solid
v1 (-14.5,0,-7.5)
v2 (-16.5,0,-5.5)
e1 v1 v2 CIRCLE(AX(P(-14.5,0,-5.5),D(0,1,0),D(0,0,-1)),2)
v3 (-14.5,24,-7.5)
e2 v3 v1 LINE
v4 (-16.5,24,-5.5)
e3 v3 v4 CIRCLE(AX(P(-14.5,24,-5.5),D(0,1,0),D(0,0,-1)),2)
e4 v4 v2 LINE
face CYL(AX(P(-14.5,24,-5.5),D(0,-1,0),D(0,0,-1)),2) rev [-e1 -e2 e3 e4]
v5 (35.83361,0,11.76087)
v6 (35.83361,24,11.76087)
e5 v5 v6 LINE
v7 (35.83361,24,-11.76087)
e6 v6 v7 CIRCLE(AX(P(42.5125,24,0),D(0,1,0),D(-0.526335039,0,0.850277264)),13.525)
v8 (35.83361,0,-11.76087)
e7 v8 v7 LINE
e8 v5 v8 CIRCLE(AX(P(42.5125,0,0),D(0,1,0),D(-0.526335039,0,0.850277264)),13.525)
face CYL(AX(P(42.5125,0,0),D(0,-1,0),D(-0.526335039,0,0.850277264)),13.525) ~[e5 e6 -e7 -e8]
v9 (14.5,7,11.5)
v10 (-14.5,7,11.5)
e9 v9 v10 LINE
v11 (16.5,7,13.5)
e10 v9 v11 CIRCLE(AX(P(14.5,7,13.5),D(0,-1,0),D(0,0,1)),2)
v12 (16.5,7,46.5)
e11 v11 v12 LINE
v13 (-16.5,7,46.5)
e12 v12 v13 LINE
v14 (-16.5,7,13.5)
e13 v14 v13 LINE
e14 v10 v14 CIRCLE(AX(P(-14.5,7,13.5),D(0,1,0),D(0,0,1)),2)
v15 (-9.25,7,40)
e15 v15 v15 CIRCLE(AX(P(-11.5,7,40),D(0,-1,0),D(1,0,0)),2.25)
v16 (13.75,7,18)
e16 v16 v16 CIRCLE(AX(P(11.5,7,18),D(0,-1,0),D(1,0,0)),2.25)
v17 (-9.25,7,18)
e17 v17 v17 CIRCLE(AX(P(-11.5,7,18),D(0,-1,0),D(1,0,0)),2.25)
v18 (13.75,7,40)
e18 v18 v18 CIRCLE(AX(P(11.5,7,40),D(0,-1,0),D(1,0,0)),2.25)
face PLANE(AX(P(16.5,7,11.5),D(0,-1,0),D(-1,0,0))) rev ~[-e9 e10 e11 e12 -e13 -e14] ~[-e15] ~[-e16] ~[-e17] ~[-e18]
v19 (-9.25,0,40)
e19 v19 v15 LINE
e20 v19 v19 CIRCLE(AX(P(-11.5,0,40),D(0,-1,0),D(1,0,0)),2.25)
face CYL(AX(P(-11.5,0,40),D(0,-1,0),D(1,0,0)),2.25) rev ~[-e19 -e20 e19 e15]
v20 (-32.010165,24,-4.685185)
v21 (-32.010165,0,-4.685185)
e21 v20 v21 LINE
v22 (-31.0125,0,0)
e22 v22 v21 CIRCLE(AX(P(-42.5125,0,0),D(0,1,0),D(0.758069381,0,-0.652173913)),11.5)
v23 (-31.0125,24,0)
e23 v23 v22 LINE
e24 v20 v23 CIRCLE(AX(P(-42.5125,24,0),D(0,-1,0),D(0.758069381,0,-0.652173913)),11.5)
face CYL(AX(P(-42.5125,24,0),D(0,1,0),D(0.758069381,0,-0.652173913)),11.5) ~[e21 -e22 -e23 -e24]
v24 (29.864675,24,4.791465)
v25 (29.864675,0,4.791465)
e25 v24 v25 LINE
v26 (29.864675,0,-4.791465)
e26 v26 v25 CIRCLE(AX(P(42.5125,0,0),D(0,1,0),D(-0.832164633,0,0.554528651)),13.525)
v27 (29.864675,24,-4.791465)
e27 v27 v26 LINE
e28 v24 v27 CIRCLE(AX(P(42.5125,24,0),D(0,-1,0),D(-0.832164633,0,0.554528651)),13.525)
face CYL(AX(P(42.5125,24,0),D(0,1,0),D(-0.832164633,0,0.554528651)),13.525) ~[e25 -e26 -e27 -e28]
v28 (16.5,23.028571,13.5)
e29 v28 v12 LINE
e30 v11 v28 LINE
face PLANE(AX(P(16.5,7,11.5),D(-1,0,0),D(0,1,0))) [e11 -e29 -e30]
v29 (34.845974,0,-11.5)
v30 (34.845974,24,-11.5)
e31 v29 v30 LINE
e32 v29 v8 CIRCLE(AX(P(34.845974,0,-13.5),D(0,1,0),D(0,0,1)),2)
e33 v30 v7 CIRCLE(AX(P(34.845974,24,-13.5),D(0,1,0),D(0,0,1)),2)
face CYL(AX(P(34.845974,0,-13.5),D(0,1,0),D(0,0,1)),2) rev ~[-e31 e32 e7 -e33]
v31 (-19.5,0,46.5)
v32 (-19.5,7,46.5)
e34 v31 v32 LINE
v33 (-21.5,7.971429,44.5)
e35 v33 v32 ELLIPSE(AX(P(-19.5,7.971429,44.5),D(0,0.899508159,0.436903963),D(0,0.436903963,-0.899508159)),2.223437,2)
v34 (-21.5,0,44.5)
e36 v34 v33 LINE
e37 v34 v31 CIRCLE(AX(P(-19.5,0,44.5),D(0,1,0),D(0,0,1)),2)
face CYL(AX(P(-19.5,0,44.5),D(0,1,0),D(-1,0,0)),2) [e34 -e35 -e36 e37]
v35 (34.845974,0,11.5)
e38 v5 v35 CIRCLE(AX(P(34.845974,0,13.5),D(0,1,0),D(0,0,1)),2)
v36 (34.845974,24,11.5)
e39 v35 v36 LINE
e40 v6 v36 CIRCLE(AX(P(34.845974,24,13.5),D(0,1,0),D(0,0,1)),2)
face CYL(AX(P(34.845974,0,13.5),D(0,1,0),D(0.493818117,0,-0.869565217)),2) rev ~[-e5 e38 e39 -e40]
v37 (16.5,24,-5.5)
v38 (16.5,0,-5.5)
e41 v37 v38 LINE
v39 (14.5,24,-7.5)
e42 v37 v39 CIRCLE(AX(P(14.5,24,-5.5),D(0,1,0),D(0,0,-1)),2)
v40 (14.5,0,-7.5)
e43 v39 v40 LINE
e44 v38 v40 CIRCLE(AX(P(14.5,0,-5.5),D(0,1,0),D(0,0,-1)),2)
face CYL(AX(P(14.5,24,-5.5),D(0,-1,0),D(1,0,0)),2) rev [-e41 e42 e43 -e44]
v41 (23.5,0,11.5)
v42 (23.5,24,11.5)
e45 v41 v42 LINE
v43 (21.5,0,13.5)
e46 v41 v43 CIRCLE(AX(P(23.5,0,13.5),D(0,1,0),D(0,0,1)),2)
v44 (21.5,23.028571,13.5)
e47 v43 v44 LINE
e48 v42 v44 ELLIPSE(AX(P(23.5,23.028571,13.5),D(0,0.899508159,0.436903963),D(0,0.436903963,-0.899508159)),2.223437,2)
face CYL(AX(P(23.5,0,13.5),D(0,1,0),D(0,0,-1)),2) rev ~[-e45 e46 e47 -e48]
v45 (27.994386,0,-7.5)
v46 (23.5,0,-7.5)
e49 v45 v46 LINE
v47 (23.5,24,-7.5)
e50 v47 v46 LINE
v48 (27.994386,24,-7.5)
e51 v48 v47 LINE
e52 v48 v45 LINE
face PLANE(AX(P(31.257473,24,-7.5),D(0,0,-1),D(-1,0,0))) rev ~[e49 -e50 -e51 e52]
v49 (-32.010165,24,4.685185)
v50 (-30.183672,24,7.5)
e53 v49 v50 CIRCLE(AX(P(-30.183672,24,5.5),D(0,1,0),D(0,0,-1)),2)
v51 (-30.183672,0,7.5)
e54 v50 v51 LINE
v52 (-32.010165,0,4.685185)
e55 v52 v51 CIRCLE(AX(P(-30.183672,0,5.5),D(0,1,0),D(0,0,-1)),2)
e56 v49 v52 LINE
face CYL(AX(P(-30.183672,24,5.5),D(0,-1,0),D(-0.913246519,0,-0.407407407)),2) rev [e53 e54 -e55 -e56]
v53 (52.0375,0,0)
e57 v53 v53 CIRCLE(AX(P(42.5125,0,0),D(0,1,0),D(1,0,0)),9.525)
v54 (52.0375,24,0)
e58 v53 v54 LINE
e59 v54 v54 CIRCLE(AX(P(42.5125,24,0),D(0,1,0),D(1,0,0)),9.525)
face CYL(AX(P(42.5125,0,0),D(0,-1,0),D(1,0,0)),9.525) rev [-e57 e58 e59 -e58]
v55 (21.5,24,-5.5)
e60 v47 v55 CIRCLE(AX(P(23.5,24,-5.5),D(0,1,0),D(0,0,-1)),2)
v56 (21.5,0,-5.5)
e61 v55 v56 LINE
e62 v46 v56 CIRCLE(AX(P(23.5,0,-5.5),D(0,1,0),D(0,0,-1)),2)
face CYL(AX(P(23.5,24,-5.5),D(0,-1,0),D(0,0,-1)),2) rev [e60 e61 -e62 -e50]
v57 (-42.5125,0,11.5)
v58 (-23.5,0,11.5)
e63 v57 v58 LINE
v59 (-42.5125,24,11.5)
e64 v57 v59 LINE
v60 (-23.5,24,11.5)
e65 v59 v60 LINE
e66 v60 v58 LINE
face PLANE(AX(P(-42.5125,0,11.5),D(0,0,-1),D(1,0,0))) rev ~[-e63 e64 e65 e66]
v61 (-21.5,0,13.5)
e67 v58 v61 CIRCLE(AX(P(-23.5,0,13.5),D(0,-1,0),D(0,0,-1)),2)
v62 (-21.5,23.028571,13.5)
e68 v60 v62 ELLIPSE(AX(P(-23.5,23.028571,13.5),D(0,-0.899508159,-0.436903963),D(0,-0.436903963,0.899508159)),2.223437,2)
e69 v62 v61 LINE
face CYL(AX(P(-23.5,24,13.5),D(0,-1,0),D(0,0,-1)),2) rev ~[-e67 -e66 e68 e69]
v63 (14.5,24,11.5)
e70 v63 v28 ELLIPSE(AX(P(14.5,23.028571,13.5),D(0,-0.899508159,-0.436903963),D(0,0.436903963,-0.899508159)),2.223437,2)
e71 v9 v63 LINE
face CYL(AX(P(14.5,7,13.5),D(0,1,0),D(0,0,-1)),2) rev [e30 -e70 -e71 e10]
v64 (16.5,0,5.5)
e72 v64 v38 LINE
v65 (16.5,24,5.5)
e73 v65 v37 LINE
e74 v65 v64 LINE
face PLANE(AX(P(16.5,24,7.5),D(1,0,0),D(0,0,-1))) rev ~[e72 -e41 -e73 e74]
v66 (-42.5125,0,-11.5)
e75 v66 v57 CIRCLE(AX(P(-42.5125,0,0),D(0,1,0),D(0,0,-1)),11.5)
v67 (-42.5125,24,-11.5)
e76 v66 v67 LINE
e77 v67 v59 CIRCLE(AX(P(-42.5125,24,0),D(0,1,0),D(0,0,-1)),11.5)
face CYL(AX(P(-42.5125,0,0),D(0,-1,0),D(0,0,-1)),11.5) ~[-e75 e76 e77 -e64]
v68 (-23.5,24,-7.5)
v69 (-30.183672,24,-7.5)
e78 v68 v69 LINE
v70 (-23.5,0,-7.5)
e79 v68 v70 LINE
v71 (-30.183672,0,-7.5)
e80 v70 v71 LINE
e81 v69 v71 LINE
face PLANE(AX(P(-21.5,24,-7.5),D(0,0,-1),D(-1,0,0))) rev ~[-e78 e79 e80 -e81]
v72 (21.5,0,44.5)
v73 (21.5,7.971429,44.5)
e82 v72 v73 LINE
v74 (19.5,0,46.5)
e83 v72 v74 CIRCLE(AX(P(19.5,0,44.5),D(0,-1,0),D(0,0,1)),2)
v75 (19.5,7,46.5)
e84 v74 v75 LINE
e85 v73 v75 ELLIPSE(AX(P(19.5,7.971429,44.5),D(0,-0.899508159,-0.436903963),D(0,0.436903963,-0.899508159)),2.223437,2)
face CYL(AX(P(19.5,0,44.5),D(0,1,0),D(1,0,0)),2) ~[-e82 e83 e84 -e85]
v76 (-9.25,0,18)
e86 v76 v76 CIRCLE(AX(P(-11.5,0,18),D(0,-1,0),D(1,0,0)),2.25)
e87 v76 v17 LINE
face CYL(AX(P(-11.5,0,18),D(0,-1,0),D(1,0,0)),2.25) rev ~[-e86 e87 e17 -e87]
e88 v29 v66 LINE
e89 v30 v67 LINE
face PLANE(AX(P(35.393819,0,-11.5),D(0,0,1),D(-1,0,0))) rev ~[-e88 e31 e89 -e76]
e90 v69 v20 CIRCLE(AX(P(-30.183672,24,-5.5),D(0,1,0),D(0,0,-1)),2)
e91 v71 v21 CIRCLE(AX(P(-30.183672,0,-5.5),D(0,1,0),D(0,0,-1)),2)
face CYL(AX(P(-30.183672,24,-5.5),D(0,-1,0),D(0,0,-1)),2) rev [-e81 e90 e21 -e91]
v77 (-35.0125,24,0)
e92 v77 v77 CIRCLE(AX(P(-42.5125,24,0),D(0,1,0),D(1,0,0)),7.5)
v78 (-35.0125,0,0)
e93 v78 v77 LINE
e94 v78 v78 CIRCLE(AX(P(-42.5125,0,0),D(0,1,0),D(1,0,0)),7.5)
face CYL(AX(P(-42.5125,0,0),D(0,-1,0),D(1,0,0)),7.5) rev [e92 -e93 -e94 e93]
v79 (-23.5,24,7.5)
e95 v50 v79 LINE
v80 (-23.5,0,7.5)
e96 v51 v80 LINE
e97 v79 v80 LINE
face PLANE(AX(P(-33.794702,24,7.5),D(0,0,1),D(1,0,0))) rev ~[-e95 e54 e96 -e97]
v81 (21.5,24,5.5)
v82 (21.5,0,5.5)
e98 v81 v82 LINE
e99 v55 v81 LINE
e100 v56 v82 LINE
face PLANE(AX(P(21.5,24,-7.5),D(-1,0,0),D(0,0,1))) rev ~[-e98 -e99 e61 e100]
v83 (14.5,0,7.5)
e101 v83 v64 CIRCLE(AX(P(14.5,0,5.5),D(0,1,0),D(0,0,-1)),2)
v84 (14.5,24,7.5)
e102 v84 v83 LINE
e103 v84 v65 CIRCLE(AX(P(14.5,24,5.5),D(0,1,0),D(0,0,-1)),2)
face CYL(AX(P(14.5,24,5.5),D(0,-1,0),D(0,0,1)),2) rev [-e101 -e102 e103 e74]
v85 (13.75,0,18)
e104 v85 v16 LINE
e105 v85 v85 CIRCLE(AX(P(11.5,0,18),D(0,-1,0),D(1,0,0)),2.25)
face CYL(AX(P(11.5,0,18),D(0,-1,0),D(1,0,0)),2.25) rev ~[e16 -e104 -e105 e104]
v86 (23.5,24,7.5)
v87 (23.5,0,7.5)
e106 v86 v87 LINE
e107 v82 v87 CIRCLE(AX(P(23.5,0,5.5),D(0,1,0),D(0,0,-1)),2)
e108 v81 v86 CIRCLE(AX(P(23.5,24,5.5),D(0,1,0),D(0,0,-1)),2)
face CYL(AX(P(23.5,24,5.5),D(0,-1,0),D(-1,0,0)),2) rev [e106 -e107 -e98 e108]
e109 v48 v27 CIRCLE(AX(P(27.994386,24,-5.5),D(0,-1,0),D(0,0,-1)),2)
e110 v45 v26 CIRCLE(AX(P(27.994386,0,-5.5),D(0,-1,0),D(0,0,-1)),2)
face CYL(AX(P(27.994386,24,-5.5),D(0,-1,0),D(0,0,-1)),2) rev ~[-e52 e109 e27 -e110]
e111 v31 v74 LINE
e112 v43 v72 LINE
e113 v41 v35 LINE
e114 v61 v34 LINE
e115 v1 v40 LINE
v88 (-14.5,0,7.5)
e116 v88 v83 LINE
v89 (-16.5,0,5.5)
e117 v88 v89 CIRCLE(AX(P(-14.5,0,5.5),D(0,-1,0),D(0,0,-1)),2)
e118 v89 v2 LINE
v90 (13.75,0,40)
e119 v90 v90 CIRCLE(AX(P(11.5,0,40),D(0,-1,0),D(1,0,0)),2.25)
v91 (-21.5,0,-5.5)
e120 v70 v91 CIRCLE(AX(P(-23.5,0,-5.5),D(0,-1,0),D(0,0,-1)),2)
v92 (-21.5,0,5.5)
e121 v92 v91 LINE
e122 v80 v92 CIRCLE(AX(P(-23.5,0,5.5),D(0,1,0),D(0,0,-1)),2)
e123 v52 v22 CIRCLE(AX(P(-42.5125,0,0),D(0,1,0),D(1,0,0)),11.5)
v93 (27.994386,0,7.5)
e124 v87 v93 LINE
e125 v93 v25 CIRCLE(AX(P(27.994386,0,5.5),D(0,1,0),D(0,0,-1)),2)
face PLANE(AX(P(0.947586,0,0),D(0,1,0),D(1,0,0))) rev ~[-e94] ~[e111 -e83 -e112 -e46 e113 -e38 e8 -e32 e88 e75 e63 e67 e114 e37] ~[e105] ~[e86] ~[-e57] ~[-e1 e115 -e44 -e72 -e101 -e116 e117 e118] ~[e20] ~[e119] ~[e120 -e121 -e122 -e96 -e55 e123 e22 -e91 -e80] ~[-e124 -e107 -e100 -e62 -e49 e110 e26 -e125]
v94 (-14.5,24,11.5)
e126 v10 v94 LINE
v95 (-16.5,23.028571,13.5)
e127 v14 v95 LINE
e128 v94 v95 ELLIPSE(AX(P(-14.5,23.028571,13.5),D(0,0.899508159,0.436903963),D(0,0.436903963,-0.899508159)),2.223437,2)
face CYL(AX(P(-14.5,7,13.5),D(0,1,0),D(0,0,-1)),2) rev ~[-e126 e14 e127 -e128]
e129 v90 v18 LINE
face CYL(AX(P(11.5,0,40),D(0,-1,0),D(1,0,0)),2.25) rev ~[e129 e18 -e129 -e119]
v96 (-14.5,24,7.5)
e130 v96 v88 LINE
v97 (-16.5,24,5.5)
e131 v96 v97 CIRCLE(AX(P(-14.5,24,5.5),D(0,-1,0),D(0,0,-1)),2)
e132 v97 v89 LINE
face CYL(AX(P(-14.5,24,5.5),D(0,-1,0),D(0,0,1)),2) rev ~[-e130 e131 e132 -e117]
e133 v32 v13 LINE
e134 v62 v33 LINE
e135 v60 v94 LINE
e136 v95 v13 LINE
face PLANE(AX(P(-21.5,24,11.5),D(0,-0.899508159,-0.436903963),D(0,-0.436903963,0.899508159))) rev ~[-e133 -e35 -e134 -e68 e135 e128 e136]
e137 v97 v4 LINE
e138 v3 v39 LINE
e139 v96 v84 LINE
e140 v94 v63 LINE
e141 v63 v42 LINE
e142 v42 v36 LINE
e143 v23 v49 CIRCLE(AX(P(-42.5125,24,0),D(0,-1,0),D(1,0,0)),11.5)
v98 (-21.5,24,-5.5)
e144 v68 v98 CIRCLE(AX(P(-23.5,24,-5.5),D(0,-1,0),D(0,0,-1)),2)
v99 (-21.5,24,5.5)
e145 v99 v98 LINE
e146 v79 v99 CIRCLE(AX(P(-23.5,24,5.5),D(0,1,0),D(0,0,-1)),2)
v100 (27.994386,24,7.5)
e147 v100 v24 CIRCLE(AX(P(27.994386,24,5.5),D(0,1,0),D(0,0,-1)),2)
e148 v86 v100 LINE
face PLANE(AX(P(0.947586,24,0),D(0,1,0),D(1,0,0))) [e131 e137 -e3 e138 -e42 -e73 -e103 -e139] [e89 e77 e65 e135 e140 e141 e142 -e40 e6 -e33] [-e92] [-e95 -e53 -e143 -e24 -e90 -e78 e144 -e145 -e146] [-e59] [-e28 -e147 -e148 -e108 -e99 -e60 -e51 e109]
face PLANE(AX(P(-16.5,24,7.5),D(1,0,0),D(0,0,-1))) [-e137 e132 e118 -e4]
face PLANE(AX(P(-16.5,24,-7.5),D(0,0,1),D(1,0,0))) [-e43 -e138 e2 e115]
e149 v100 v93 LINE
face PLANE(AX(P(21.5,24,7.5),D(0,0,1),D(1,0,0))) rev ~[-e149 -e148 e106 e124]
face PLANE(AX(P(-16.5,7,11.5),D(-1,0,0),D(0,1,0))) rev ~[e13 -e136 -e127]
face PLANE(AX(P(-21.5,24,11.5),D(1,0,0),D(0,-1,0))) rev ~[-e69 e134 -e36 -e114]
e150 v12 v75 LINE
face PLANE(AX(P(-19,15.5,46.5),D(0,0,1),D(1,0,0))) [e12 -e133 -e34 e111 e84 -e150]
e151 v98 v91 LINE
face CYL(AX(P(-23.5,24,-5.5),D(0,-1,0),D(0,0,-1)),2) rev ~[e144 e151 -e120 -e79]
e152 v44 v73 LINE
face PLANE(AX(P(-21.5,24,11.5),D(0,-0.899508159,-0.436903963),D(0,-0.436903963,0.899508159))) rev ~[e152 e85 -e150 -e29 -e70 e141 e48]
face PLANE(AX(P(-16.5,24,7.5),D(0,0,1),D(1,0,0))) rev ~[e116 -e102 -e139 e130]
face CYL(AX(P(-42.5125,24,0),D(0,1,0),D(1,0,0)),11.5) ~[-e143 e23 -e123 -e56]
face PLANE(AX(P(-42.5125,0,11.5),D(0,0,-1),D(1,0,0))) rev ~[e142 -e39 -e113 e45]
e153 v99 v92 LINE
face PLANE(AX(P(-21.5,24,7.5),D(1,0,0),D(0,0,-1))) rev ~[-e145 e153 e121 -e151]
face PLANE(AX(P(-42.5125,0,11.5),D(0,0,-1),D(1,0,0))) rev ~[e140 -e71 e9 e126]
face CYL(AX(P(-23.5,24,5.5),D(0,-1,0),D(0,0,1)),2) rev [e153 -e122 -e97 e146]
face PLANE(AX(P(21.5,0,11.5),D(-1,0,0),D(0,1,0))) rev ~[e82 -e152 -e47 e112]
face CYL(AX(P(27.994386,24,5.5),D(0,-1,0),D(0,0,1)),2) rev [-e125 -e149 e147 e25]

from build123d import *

# Parameters (mm, degrees)
SKETCH1_R               = 7.5
SKETCH1_R_2             = 9.525
BOSS_EXTRUDE1_DEPTH     = 24
SKETCH8_W               = 5
SKETCH8_H               = 17
BOSS_EXTRUDE4_DEPTH     = 35
CUT_EXTRUDE4_DEPTH      = 33.5125
CUT_EXTRUDE4_DEPTH_BACK = 52
SKETCH10_W              = 33
SKETCH10_H              = 15
CUT_EXTRUDE5_DEPTH      = 35
FILLET1_R               = 2
SKETCH12_R              = 2.25
CUT_EXTRUDE6_DEPTH      = 35


with BuildPart() as part:
    # Sketch1 → Boss-Extrude1 (new body)
    with BuildSketch(Plane(origin=(0, 0, 0), x_dir=(1, 0, 0), z_dir=(0, 1, 0))):
        with BuildLine():
            Line((35.393818591, 11.5), (-42.5125, 11.5))
            ThreePointArc((-42.5125, 11.5), (-54.0125, 0), (-42.5125, -11.5))
            Line((-42.5125, -11.5), (35.393818591, -11.5))
            ThreePointArc((35.393818591, -11.5), (56.0375, 0), (35.393818591, 11.5))
        make_face()
        with Locations((-42.5125, 0)):
            Circle(SKETCH1_R, mode=Mode.SUBTRACT)
        with Locations((42.5125, 0)):
            Circle(SKETCH1_R_2, mode=Mode.SUBTRACT)
    extrude(amount=BOSS_EXTRUDE1_DEPTH)

    # Sketch8 → Boss-Extrude4 (add)
    with BuildSketch(Plane.XY.offset(11.5)):
        with Locations((-19, 15.5)):
            Rectangle(SKETCH8_W, SKETCH8_H)
        Polygon((-16.5, 7), (-21.5, 7), (-21.5, 0), (21.5, 0), (21.5, 7), (16.5, 7), align=None)
        with Locations((19, 15.5)):
            Rectangle(SKETCH8_W, SKETCH8_H)
    extrude(amount=BOSS_EXTRUDE4_DEPTH)

    # Sketch9 → Cut-Extrude4 (cut, two sides)
    with BuildSketch(Plane.ZY.offset(21.5)) as cut_extrude4_sk:
        Polygon((11.5, 24), (46.5, 7), (46.5, 24), align=None)
    extrude(amount=CUT_EXTRUDE4_DEPTH, mode=Mode.SUBTRACT)
    extrude(cut_extrude4_sk.sketch, amount=-CUT_EXTRUDE4_DEPTH_BACK, mode=Mode.SUBTRACT)

    # Sketch10 → Cut-Extrude5 (cut)
    with BuildSketch(Plane(origin=(0, 24, 0), x_dir=(1, 0, 0), z_dir=(0, 1, 0))):
        with BuildLine():
            Line((-21.5, 7.5), (-33.794702113, 7.5))
            ThreePointArc((-33.794702113, 7.5), (-31.730462259, 3.999707758), (-31.0125, 0))
            ThreePointArc((-31.0125, 0), (-31.730462259, -3.999707758), (-33.794702113, -7.5))
            Line((-33.794702113, -7.5), (-21.5, -7.5))
            Line((-21.5, -7.5), (-21.5, 7.5))
        make_face()
        Rectangle(SKETCH10_W, SKETCH10_H)
        with BuildLine():
            Line((31.257473345, 7.5), (21.5, 7.5))
            Line((21.5, 7.5), (21.5, -7.5))
            Line((21.5, -7.5), (31.257473345, -7.5))
            ThreePointArc((31.257473345, -7.5), (28.9875, 0), (31.257473345, 7.5))
        make_face()
    extrude(amount=-CUT_EXTRUDE5_DEPTH, mode=Mode.SUBTRACT)

    # Fillet1
    fillet1_edges = [part.edges().sort_by_distance(p)[0] for p in [
        (-16.5, 12, -7.5),
        (16.5, 12, -7.5),
        (31.257473345, 12, -7.5),
        (31.257473345, 12, 7.5),
        (21.5, 12, 7.5),
        (35.393818591, 12, 11.5),
        (21.5, 12, -7.5),
        (35.393818591, 12, -11.5),
        (-21.5, 3.5, 46.5),
        (-16.5, 15.5, 11.5),
        (-21.5, 12, 11.5),
        (16.5, 15.5, 11.5),
        (21.5, 12, 11.5),
        (21.5, 3.5, 46.5),
        (-33.794702113, 12, 7.5),
        (-33.794702113, 12, -7.5),
        (-21.5, 12, -7.5),
        (-21.5, 12, 7.5),
        (16.5, 12, 7.5),
        (-16.5, 12, 7.5),
    ]]
    fillet(fillet1_edges, radius=FILLET1_R)

    # Sketch12 → Cut-Extrude6 (cut)
    with BuildSketch(Plane.XZ):
        with Locations((-11.5, 40)):
            Circle(SKETCH12_R)
        with Locations((-11.5, 18)):
            Circle(SKETCH12_R)
        with Locations((11.5, 40)):
            Circle(SKETCH12_R)
        with Locations((11.5, 18)):
            Circle(SKETCH12_R)
    extrude(amount=-CUT_EXTRUDE6_DEPTH, mode=Mode.SUBTRACT)


solid = part.part
